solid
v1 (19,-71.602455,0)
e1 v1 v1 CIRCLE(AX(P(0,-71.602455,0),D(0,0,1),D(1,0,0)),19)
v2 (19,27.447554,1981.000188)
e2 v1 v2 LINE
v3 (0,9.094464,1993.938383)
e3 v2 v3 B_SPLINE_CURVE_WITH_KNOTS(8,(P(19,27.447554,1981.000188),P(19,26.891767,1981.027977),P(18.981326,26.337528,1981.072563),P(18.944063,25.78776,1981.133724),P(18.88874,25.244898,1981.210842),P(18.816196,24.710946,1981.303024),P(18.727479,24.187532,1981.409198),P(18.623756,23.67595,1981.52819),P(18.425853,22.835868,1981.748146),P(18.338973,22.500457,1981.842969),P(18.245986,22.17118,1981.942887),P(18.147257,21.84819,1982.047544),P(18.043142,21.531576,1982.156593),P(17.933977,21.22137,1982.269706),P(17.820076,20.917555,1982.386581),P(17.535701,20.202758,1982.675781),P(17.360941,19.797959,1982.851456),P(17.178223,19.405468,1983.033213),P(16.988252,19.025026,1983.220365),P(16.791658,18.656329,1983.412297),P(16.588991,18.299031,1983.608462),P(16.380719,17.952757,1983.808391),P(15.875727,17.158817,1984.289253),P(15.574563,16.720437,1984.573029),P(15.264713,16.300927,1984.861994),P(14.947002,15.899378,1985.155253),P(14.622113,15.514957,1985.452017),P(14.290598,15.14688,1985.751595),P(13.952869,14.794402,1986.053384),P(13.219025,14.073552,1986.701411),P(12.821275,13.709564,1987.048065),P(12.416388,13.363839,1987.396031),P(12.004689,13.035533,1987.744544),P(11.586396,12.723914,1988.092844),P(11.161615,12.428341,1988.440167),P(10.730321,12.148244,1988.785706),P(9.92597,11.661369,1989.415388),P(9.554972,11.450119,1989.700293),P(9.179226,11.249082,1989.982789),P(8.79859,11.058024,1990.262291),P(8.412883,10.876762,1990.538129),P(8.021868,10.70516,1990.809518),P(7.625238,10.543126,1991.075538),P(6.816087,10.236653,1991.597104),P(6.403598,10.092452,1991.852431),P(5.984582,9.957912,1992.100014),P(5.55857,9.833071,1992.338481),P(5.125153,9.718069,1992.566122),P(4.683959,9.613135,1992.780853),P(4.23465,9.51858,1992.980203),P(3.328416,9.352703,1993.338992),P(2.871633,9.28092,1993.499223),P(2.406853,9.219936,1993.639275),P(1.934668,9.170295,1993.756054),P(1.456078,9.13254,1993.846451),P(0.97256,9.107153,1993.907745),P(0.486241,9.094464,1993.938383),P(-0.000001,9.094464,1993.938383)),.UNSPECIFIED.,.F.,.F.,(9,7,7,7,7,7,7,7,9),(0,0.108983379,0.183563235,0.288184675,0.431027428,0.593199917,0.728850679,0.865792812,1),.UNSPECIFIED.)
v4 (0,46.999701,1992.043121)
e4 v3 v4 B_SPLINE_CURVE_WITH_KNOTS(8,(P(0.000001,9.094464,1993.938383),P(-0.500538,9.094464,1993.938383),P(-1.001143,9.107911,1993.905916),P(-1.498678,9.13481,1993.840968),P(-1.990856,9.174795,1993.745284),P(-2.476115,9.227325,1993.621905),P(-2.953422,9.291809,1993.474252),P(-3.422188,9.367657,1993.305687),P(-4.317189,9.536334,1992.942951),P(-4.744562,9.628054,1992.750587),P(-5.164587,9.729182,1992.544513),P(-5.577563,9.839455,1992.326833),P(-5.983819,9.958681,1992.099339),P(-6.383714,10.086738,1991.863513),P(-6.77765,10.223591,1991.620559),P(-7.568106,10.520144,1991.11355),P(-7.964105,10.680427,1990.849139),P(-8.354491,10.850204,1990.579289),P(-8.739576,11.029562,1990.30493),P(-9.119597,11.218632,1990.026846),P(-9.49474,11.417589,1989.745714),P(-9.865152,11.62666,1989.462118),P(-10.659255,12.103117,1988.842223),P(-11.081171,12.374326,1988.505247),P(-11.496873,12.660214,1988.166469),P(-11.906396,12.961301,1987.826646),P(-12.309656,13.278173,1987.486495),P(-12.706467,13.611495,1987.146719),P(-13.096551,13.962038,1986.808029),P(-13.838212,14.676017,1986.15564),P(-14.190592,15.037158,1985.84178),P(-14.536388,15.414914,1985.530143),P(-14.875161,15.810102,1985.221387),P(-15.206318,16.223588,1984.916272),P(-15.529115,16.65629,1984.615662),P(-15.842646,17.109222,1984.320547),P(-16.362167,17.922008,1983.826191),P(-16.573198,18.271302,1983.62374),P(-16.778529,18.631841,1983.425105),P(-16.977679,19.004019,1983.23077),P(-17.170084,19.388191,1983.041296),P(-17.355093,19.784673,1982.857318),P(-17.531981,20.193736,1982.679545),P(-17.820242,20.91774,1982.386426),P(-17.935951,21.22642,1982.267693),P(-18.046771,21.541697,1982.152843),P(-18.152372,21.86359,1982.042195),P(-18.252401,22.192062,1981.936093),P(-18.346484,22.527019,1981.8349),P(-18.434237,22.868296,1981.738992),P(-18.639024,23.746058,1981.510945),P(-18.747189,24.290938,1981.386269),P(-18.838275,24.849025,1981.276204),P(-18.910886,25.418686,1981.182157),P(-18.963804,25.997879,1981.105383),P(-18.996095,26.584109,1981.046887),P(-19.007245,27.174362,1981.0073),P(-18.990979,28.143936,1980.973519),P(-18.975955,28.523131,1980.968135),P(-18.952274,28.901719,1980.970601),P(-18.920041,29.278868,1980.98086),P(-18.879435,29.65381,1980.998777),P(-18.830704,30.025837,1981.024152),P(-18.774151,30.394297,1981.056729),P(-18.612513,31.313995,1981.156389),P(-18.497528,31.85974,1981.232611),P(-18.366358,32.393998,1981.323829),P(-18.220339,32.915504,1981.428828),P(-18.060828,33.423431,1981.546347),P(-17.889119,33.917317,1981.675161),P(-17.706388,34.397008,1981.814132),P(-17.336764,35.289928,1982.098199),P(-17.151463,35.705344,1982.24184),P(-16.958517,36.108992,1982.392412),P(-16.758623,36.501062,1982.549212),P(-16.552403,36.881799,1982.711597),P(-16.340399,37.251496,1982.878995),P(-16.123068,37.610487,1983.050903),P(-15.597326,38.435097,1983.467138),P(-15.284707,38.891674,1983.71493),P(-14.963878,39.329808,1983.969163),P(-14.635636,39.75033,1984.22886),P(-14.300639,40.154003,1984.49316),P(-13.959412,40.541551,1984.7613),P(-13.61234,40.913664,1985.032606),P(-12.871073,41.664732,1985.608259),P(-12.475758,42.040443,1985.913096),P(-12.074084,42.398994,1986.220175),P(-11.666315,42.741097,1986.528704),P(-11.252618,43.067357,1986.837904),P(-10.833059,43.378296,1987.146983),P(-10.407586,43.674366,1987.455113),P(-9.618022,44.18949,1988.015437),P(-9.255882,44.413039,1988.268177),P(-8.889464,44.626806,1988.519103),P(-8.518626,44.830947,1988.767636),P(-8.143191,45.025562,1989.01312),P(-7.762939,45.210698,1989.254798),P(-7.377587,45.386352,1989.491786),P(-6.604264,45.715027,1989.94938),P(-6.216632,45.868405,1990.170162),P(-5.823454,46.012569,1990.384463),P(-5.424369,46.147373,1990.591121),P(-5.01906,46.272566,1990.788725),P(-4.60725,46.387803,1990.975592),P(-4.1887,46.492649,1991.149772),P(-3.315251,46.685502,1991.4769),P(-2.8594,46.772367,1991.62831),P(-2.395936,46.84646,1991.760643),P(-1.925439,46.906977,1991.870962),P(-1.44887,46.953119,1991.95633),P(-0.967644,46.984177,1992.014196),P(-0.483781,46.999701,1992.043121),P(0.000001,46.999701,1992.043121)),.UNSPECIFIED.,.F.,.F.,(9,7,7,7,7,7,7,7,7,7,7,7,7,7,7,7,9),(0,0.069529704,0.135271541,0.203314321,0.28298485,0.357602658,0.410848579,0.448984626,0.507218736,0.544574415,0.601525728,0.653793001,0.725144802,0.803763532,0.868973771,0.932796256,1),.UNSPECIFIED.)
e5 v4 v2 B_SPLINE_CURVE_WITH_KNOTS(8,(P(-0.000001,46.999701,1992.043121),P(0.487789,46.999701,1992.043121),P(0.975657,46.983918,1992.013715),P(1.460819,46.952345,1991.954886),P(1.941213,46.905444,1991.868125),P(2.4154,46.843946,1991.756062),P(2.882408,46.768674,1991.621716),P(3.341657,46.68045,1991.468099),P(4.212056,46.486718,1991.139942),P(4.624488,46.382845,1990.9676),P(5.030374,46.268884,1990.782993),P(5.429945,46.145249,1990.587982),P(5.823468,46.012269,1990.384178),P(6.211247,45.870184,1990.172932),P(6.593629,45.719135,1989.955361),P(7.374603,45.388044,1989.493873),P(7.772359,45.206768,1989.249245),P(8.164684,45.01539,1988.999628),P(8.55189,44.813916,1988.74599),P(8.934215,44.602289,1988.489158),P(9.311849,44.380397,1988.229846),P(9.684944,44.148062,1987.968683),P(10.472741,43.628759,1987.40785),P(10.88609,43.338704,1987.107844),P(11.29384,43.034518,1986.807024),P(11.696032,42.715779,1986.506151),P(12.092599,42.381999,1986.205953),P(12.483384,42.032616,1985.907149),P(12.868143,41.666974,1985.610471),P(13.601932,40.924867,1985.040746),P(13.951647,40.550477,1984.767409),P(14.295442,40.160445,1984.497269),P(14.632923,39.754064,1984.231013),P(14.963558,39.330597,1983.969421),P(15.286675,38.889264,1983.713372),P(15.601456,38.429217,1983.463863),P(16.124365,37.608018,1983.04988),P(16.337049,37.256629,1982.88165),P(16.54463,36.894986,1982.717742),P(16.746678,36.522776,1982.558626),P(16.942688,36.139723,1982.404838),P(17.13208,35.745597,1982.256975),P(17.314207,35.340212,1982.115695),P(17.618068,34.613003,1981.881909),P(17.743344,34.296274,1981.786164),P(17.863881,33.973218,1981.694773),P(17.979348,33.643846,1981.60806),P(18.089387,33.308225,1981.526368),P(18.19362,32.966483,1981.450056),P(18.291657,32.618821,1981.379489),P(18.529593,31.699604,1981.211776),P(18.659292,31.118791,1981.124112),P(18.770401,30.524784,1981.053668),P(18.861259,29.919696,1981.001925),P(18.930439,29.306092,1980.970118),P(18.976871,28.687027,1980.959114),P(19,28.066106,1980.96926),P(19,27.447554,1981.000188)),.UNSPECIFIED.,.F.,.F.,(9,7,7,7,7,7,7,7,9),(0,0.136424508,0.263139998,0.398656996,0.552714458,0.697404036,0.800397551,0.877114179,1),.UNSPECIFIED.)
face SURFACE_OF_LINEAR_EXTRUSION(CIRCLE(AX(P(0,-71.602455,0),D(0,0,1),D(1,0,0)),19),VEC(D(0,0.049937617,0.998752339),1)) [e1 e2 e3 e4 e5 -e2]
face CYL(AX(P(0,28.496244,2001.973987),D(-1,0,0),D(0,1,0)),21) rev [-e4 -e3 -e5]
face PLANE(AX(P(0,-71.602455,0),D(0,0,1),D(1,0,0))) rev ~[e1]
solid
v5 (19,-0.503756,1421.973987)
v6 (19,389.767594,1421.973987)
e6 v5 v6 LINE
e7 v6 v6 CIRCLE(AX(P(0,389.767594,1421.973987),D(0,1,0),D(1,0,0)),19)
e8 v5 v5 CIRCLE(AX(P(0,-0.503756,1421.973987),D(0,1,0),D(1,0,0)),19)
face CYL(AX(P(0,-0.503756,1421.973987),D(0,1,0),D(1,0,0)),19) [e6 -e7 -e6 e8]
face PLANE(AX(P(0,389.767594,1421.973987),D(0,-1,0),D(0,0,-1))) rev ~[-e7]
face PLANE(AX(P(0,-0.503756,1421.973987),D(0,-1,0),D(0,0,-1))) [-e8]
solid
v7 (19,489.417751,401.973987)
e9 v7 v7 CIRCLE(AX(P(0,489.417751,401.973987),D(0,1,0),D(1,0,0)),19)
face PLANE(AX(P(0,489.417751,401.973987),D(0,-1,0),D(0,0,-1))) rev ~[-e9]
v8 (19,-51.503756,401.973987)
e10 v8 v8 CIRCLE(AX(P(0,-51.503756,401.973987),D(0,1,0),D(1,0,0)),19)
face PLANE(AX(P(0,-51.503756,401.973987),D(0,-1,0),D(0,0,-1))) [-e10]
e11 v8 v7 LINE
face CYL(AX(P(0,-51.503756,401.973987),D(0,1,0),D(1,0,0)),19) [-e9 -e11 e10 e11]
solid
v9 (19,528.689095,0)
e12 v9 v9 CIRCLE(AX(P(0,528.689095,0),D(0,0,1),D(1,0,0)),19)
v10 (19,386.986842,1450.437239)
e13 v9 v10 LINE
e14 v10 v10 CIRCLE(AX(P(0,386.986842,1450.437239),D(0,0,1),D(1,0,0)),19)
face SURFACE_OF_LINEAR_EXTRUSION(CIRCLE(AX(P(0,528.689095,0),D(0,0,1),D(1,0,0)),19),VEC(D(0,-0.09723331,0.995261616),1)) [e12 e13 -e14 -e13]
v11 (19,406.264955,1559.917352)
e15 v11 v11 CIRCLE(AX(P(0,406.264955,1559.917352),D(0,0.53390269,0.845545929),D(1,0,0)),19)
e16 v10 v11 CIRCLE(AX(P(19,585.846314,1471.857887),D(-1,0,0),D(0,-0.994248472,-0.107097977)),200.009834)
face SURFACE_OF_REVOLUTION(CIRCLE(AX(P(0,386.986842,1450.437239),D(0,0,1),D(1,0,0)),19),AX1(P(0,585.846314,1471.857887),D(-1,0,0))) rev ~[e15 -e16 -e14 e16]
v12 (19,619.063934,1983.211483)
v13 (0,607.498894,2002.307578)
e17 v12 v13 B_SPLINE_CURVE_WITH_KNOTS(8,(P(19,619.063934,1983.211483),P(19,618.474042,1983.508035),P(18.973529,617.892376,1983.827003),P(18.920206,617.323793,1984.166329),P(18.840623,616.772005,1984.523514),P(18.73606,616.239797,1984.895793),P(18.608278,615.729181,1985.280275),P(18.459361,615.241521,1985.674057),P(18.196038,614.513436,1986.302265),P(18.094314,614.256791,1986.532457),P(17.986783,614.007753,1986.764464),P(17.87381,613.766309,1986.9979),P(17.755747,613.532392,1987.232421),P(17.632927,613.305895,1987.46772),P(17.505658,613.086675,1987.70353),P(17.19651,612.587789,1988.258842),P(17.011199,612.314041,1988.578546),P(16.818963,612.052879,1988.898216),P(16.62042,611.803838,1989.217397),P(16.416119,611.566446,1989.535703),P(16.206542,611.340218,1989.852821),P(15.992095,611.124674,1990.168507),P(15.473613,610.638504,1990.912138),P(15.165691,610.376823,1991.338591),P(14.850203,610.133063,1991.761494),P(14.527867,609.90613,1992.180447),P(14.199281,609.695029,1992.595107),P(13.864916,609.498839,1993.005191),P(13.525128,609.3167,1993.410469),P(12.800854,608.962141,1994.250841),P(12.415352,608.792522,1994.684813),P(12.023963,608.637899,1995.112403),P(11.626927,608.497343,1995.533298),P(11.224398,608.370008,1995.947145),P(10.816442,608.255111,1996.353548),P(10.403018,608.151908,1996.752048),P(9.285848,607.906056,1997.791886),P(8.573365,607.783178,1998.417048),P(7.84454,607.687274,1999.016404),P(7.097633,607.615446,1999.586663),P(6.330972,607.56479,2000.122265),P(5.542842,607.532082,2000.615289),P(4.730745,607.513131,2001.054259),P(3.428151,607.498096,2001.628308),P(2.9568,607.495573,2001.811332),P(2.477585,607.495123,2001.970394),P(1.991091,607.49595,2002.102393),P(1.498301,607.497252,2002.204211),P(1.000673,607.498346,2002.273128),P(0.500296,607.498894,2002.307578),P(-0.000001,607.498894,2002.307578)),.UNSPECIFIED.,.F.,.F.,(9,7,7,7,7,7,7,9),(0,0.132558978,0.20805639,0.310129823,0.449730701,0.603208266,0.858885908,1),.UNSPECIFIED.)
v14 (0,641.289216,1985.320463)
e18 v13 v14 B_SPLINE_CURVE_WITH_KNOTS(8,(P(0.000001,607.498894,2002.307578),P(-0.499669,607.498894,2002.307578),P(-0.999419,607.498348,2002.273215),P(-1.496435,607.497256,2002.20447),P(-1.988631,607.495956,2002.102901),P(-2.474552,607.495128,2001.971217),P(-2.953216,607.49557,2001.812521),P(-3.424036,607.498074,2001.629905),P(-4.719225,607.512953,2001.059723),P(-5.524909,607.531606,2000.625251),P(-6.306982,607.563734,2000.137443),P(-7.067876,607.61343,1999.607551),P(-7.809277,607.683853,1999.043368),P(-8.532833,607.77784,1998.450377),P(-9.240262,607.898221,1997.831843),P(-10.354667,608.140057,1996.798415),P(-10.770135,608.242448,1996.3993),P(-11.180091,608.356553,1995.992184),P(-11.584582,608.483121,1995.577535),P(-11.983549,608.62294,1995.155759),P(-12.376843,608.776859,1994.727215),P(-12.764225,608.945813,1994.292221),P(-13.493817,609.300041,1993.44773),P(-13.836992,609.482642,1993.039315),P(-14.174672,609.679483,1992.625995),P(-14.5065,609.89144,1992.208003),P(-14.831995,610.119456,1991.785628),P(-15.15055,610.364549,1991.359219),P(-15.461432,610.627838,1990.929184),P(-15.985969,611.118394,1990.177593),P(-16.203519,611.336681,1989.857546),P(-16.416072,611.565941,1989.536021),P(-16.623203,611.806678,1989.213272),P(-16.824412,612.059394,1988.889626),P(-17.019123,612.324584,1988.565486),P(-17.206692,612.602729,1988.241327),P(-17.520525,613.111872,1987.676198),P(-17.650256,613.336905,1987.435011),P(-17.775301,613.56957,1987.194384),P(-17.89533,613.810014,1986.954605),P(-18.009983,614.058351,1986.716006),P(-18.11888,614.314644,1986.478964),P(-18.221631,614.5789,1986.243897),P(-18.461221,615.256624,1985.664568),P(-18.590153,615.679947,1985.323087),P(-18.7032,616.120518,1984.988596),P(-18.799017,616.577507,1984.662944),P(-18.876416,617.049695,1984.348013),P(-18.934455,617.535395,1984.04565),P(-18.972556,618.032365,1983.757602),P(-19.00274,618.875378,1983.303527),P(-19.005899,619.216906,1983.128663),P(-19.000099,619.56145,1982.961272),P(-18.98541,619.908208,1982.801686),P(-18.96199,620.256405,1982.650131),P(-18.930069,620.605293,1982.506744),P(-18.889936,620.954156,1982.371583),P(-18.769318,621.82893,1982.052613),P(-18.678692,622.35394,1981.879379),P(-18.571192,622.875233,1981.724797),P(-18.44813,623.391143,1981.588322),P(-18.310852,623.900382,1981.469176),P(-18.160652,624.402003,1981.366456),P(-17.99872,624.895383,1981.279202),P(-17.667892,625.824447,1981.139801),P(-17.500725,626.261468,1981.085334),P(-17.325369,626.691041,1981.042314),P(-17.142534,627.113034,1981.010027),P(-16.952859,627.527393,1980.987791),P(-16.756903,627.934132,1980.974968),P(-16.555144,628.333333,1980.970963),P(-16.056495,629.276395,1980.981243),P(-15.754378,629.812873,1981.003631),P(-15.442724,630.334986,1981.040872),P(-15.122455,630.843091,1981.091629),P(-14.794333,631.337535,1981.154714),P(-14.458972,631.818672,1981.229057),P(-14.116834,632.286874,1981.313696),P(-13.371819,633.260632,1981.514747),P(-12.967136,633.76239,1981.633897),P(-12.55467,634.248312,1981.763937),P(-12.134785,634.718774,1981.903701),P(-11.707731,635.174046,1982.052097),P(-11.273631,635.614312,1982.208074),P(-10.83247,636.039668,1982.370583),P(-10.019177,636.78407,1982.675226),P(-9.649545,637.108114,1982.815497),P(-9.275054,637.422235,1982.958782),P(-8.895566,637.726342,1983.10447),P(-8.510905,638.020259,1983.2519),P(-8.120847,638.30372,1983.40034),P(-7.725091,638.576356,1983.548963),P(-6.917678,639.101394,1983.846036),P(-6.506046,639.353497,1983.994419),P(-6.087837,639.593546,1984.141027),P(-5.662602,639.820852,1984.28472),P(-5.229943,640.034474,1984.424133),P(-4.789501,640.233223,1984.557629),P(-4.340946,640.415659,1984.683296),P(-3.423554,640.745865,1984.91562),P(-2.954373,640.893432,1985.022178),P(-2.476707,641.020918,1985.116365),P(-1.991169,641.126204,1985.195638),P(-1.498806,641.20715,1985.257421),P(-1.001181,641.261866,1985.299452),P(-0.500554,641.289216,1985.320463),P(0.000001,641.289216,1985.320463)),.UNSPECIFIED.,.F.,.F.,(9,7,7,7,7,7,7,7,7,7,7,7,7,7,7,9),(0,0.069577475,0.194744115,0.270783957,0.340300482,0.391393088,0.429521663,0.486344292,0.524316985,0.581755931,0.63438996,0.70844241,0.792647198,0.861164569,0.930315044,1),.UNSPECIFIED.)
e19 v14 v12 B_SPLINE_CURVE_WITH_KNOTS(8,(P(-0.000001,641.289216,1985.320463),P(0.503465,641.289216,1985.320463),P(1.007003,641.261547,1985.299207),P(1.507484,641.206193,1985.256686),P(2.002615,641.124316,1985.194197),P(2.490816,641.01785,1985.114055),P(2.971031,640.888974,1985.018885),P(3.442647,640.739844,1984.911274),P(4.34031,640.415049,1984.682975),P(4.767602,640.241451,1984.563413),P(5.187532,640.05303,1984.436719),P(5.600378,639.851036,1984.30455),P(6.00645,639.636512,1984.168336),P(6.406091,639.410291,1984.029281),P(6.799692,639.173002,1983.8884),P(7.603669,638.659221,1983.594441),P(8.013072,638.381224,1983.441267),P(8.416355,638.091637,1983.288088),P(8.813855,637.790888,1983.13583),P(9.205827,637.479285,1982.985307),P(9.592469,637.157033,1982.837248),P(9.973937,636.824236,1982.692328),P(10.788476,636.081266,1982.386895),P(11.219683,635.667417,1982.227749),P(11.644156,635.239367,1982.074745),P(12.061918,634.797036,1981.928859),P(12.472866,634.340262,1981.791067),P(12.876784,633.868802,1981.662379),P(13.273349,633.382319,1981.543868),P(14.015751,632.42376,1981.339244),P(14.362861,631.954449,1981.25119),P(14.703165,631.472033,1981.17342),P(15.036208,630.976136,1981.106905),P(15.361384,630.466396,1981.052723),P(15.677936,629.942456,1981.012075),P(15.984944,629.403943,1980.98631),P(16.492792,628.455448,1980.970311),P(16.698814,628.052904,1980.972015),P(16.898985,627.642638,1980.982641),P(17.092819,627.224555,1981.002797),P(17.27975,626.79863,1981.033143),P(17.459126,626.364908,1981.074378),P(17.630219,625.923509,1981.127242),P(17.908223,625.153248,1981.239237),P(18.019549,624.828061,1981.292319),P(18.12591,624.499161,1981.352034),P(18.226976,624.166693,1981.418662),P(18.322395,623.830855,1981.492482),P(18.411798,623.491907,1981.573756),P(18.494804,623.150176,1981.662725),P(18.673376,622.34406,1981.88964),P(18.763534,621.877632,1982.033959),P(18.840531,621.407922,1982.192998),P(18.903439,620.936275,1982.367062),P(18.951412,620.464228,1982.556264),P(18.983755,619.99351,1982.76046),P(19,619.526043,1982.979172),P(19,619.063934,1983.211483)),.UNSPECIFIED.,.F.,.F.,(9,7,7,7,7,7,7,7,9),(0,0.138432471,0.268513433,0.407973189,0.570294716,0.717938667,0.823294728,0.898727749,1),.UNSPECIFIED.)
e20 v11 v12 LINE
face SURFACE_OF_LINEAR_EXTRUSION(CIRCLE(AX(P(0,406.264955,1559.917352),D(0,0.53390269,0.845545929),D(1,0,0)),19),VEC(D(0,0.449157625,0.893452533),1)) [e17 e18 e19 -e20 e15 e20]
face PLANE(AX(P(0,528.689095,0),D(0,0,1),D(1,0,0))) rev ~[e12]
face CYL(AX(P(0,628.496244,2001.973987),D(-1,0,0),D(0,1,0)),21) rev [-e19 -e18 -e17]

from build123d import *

# Parameters (mm, degrees)
F6_R           = 19
F5_R           = 19
F8_R           = 19
F7_R           = 19
F13_R          = 21
F14_DEPTH      = 100
F14_DEPTH_BACK = 25


with BuildPart() as f9:
    # F9: sweep along a path in F2
    with BuildLine(Plane.YZ) as f9_path:
        Line((528.4962440916, 1.9739866257), (386.7939909211, 1452.411225326))
        ThreePointArc((386.7939909211, 1452.411225326), (389.2303384108, 1508.4933636512), (407.155807506, 1561.6894122445))
        Line((407.155807506, 1561.6894122445), (628.4962440916, 2001.9739866257))
    # F6 (on Top) → F9 (sweep)
    with BuildSketch(Plane.XY):
        with Locations((0, 528.6890951472)):
            Circle(F6_R)
    sweep(path=f9_path.line)


with BuildPart() as f10:
    # F10: sweep along a path in F1
    with BuildLine(Plane.YZ) as f10_path:
        Line((-71.5037559084, 1.9739866257), (28.4962440916, 2001.9739866257))
    # F5 (on Top) → F10 (sweep)
    with BuildSketch(Plane.XY):
        with Locations((0, -71.6024552397)):
            Circle(F5_R)
    sweep(path=f10_path.line)


with BuildPart() as f11:
    # F11: sweep along a path in F3
    with BuildLine(Plane.YZ) as f11_path:
        Line((-51.5037559084, 401.9739866257), (489.4177512373, 401.9739866257))
    # F8 (on Front) → F11 (sweep)
    with BuildSketch(Plane.XZ):
        with Locations((0, 401.9739866257)):
            Circle(F8_R)
    sweep(path=f11_path.line)


with BuildPart() as f12:
    # F12: sweep along a path in F4
    with BuildLine(Plane.YZ) as f12_path:
        Line((-0.5037559084, 1421.9739866257), (389.7675944588, 1421.9739866257))
    # F7 (on Front) → F12 (sweep)
    with BuildSketch(Plane.XZ):
        with Locations((0, 1421.9739866257)):
            Circle(F7_R)
    sweep(path=f12_path.line)


with BuildPart() as f14_tool:
    # F13 (on Right) → F14 (new body, two sides)
    with BuildSketch(Plane.YZ) as f14_sk:
        with Locations((28.4962440916, 2001.9739866257)):
            Circle(F13_R)
        with Locations((628.4962440916, 2001.9739866257)):
            Circle(F13_R)
    extrude(amount=-F14_DEPTH)
    extrude(f14_sk.sketch, amount=F14_DEPTH_BACK)


with BuildPart() as f9_1:
    add(f9.part)

    # F14: cut by f14_tool
    add(f14_tool.part, mode=Mode.SUBTRACT)


with BuildPart() as f10_1:
    add(f10.part)

    # F14: cut by f14_tool
    add(f14_tool.part, mode=Mode.SUBTRACT)


solid = Compound([f11.part, f12.part, f9_1.part, f10_1.part])
